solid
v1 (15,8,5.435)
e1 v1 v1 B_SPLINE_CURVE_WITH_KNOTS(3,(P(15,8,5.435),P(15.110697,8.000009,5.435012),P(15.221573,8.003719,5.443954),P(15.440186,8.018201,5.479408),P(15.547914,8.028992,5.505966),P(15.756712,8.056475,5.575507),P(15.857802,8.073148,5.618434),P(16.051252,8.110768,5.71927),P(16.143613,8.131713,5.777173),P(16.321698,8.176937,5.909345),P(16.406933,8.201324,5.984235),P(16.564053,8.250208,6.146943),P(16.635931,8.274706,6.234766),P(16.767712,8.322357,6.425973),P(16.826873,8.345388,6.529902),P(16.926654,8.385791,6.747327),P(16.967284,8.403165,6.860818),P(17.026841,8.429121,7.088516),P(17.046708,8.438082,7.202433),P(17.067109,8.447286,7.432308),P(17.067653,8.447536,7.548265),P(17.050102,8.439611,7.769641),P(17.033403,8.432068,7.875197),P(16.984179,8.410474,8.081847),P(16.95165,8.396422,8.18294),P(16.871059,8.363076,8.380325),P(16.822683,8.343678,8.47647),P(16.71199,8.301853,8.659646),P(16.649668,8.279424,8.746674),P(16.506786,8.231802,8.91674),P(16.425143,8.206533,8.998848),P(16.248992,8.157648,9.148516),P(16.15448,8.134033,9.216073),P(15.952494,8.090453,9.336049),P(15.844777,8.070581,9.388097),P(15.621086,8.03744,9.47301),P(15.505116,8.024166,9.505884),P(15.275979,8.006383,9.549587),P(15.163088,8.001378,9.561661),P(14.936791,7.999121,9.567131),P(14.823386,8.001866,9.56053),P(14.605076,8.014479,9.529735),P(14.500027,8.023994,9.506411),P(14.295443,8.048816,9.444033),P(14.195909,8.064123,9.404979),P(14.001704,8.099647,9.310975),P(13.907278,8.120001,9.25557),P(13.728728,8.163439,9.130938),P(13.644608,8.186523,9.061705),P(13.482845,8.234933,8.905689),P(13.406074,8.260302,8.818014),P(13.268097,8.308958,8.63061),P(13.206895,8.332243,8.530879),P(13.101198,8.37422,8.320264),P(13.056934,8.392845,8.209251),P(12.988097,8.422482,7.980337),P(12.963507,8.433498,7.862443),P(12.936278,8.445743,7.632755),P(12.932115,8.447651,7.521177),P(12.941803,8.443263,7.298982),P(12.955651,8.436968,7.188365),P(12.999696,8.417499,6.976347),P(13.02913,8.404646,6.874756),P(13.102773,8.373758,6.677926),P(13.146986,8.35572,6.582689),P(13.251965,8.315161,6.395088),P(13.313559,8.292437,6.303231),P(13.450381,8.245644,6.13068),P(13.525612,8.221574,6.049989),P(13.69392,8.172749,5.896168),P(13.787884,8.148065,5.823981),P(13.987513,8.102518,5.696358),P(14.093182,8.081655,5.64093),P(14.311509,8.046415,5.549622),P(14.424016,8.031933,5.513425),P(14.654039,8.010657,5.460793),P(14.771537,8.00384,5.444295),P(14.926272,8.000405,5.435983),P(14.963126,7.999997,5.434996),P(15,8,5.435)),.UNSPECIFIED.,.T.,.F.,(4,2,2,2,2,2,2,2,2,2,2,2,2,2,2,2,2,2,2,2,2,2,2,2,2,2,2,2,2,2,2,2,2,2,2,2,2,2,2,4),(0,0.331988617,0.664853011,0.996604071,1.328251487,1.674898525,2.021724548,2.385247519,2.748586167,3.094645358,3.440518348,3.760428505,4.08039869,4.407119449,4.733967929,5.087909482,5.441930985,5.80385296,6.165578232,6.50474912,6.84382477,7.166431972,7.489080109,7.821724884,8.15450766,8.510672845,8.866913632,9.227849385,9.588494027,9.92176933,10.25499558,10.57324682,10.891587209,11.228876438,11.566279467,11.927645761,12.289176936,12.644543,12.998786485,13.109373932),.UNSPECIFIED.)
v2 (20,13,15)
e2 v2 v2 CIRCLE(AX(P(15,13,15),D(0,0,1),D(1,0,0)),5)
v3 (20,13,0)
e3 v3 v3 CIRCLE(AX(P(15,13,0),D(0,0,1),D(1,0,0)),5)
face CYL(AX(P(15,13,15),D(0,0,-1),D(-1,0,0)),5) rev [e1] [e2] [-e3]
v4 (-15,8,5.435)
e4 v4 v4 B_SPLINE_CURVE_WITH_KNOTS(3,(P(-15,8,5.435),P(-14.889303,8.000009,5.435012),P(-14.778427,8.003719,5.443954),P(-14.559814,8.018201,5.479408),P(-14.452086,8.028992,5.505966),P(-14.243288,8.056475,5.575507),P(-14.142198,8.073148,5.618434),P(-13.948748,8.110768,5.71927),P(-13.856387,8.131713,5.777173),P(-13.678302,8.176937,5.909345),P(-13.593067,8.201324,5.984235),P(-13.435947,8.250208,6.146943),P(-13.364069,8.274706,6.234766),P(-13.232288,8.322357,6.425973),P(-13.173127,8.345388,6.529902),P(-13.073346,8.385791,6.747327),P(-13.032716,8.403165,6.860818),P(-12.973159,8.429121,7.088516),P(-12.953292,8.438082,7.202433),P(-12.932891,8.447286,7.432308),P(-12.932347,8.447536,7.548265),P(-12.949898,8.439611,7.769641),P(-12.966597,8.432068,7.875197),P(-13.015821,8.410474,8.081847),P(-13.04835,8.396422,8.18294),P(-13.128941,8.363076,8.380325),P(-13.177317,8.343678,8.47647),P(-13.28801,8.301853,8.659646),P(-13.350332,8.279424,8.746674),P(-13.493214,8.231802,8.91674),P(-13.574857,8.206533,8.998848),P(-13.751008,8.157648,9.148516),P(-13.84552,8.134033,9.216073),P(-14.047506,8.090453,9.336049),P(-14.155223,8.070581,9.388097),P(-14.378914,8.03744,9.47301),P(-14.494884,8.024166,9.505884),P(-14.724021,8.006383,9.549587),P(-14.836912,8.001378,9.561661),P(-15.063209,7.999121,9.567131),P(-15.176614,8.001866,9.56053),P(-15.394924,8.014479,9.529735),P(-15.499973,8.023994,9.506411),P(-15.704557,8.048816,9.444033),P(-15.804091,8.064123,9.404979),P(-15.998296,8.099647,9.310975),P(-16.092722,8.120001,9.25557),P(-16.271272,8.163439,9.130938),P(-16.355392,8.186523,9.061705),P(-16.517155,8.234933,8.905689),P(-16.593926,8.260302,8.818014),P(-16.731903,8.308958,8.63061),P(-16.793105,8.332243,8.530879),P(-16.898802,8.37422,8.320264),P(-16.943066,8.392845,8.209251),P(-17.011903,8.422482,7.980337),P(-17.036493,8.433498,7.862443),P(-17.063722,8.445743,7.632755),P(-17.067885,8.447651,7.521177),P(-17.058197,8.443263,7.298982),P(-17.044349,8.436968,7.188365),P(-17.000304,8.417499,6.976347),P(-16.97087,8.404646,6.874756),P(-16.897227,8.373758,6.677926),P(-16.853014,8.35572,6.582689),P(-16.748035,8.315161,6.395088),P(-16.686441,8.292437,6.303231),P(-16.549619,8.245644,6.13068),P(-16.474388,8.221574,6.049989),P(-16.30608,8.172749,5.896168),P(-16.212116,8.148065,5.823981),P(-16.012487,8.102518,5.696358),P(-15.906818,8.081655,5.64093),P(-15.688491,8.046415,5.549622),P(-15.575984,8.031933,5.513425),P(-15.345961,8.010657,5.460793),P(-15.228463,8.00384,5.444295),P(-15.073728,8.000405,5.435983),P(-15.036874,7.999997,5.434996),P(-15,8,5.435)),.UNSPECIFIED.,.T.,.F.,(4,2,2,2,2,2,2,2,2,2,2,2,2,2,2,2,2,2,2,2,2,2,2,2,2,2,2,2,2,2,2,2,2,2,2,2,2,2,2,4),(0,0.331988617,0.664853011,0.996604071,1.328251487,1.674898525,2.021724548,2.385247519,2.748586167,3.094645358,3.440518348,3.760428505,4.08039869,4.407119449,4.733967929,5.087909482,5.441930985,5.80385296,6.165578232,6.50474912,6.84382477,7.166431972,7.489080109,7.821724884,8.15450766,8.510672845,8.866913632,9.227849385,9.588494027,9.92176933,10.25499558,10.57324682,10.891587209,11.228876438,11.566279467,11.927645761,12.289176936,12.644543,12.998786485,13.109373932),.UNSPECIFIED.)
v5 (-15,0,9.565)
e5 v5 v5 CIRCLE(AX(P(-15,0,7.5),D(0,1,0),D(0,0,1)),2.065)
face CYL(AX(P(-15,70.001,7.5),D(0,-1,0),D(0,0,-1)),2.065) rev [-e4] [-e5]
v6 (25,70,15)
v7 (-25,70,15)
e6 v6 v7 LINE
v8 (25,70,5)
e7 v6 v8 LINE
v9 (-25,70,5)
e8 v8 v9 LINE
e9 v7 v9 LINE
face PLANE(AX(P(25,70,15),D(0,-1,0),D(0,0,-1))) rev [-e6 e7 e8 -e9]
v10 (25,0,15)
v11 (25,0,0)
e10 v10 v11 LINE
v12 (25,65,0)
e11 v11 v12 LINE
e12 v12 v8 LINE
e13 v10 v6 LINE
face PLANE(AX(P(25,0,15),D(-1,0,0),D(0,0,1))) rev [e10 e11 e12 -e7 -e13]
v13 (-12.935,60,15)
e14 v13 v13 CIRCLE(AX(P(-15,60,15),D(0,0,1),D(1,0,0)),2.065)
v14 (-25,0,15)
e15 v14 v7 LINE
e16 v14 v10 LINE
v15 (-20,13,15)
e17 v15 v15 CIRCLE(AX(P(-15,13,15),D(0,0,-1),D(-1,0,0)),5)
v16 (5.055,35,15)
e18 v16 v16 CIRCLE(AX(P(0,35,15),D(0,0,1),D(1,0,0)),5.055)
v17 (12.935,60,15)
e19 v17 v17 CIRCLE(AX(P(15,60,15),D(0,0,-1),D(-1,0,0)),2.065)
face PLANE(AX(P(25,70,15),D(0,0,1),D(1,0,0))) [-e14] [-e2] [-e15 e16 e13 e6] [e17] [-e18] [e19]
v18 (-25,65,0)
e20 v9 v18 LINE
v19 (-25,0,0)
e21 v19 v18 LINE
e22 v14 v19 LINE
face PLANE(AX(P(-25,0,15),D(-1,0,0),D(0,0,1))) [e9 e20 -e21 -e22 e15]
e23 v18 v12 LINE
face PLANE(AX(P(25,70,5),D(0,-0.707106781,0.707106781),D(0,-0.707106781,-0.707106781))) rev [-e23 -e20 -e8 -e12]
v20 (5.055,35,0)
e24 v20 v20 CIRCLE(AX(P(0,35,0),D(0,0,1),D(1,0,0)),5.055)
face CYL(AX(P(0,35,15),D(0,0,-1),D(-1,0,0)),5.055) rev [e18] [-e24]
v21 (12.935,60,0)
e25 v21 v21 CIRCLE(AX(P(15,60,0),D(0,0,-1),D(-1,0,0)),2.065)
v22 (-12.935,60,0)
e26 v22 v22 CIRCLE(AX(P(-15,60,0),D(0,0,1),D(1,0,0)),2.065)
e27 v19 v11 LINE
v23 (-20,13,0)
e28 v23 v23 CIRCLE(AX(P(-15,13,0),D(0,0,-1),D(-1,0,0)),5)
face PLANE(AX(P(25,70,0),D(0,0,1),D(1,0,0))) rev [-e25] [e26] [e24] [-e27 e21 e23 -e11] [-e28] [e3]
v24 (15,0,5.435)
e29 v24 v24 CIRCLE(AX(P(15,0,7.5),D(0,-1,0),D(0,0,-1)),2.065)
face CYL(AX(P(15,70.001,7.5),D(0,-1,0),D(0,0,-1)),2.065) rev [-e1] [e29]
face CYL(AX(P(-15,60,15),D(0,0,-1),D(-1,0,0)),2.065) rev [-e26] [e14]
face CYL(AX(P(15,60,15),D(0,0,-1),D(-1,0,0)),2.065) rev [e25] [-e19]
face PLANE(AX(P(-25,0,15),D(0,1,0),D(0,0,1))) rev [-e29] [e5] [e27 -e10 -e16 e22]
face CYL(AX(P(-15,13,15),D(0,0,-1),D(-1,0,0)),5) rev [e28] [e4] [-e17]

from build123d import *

# Parameters (mm, degrees)
ESQUISSE1_W             = 50
ESQUISSE1_H             = 70
ESQUISSE1_R             = 5
ESQUISSE1_R_2           = 5.055
ESQUISSE1_R_3           = 2.065
BASE_EXTRUSION_DEPTH    = 15
CHANFREIN3_SIZE         = 5
ENL_V_MAT_EXTRU_1_REACH = 77.829
ESQUISSE2_R             = 2.065


with BuildPart() as part:
    # Esquisse1 → Base-Extrusion (new body)
    with BuildSketch(Plane.XY):
        with Locations((0, 35)):
            Rectangle(ESQUISSE1_W, ESQUISSE1_H)
        with Locations((15, 13)):
            Circle(ESQUISSE1_R, mode=Mode.SUBTRACT)
        with Locations(Location((-15, 13, 0), (0, 0, 180))):
            Circle(ESQUISSE1_R, mode=Mode.SUBTRACT)
        with Locations((0, 35)):
            Circle(ESQUISSE1_R_2, mode=Mode.SUBTRACT)
        with Locations((-15, 60)):
            Circle(ESQUISSE1_R_3, mode=Mode.SUBTRACT)
        with Locations(Location((15, 60, 0), (0, 0, 180))):
            Circle(ESQUISSE1_R_3, mode=Mode.SUBTRACT)
    extrude(amount=BASE_EXTRUSION_DEPTH)

    # Chanfrein3
    chanfrein3_edges = [part.edges().sort_by_distance(p)[0] for p in [
        (0, 70, 0),
    ]]
    chamfer(chanfrein3_edges, length=CHANFREIN3_SIZE)

    # Esquisse2 → Enlèv. mat.-Extru.1 (cut, up to next)
    with BuildSketch(Plane.XZ, mode=Mode.PRIVATE) as enl_v_mat_extru_1_sk1:
        with Locations(Location((15, 7.5, 0), (0, 0, 270))):
            Circle(ESQUISSE2_R)
    enl_v_mat_extru_1_tool1 = extrude(enl_v_mat_extru_1_sk1.sketch, amount=-ENL_V_MAT_EXTRU_1_REACH, mode=Mode.PRIVATE) & part.part
    # Esquisse2 → Enlèv. mat.-Extru.1 (cut, up to next)
    with BuildSketch(Plane.XZ, mode=Mode.PRIVATE) as enl_v_mat_extru_1_sk2:
        with Locations(Location((-15, 7.5, 0), (0, 0, 270))):
            Circle(ESQUISSE2_R)
    enl_v_mat_extru_1_tool2 = extrude(enl_v_mat_extru_1_sk2.sketch, amount=-ENL_V_MAT_EXTRU_1_REACH, mode=Mode.PRIVATE) & part.part
    add(enl_v_mat_extru_1_tool1.solids().sort_by_distance((15, 0, 7.5))[0], mode=Mode.SUBTRACT)
    add(enl_v_mat_extru_1_tool2.solids().sort_by_distance((-15, 0, 7.5))[0], mode=Mode.SUBTRACT)


solid = part.part
